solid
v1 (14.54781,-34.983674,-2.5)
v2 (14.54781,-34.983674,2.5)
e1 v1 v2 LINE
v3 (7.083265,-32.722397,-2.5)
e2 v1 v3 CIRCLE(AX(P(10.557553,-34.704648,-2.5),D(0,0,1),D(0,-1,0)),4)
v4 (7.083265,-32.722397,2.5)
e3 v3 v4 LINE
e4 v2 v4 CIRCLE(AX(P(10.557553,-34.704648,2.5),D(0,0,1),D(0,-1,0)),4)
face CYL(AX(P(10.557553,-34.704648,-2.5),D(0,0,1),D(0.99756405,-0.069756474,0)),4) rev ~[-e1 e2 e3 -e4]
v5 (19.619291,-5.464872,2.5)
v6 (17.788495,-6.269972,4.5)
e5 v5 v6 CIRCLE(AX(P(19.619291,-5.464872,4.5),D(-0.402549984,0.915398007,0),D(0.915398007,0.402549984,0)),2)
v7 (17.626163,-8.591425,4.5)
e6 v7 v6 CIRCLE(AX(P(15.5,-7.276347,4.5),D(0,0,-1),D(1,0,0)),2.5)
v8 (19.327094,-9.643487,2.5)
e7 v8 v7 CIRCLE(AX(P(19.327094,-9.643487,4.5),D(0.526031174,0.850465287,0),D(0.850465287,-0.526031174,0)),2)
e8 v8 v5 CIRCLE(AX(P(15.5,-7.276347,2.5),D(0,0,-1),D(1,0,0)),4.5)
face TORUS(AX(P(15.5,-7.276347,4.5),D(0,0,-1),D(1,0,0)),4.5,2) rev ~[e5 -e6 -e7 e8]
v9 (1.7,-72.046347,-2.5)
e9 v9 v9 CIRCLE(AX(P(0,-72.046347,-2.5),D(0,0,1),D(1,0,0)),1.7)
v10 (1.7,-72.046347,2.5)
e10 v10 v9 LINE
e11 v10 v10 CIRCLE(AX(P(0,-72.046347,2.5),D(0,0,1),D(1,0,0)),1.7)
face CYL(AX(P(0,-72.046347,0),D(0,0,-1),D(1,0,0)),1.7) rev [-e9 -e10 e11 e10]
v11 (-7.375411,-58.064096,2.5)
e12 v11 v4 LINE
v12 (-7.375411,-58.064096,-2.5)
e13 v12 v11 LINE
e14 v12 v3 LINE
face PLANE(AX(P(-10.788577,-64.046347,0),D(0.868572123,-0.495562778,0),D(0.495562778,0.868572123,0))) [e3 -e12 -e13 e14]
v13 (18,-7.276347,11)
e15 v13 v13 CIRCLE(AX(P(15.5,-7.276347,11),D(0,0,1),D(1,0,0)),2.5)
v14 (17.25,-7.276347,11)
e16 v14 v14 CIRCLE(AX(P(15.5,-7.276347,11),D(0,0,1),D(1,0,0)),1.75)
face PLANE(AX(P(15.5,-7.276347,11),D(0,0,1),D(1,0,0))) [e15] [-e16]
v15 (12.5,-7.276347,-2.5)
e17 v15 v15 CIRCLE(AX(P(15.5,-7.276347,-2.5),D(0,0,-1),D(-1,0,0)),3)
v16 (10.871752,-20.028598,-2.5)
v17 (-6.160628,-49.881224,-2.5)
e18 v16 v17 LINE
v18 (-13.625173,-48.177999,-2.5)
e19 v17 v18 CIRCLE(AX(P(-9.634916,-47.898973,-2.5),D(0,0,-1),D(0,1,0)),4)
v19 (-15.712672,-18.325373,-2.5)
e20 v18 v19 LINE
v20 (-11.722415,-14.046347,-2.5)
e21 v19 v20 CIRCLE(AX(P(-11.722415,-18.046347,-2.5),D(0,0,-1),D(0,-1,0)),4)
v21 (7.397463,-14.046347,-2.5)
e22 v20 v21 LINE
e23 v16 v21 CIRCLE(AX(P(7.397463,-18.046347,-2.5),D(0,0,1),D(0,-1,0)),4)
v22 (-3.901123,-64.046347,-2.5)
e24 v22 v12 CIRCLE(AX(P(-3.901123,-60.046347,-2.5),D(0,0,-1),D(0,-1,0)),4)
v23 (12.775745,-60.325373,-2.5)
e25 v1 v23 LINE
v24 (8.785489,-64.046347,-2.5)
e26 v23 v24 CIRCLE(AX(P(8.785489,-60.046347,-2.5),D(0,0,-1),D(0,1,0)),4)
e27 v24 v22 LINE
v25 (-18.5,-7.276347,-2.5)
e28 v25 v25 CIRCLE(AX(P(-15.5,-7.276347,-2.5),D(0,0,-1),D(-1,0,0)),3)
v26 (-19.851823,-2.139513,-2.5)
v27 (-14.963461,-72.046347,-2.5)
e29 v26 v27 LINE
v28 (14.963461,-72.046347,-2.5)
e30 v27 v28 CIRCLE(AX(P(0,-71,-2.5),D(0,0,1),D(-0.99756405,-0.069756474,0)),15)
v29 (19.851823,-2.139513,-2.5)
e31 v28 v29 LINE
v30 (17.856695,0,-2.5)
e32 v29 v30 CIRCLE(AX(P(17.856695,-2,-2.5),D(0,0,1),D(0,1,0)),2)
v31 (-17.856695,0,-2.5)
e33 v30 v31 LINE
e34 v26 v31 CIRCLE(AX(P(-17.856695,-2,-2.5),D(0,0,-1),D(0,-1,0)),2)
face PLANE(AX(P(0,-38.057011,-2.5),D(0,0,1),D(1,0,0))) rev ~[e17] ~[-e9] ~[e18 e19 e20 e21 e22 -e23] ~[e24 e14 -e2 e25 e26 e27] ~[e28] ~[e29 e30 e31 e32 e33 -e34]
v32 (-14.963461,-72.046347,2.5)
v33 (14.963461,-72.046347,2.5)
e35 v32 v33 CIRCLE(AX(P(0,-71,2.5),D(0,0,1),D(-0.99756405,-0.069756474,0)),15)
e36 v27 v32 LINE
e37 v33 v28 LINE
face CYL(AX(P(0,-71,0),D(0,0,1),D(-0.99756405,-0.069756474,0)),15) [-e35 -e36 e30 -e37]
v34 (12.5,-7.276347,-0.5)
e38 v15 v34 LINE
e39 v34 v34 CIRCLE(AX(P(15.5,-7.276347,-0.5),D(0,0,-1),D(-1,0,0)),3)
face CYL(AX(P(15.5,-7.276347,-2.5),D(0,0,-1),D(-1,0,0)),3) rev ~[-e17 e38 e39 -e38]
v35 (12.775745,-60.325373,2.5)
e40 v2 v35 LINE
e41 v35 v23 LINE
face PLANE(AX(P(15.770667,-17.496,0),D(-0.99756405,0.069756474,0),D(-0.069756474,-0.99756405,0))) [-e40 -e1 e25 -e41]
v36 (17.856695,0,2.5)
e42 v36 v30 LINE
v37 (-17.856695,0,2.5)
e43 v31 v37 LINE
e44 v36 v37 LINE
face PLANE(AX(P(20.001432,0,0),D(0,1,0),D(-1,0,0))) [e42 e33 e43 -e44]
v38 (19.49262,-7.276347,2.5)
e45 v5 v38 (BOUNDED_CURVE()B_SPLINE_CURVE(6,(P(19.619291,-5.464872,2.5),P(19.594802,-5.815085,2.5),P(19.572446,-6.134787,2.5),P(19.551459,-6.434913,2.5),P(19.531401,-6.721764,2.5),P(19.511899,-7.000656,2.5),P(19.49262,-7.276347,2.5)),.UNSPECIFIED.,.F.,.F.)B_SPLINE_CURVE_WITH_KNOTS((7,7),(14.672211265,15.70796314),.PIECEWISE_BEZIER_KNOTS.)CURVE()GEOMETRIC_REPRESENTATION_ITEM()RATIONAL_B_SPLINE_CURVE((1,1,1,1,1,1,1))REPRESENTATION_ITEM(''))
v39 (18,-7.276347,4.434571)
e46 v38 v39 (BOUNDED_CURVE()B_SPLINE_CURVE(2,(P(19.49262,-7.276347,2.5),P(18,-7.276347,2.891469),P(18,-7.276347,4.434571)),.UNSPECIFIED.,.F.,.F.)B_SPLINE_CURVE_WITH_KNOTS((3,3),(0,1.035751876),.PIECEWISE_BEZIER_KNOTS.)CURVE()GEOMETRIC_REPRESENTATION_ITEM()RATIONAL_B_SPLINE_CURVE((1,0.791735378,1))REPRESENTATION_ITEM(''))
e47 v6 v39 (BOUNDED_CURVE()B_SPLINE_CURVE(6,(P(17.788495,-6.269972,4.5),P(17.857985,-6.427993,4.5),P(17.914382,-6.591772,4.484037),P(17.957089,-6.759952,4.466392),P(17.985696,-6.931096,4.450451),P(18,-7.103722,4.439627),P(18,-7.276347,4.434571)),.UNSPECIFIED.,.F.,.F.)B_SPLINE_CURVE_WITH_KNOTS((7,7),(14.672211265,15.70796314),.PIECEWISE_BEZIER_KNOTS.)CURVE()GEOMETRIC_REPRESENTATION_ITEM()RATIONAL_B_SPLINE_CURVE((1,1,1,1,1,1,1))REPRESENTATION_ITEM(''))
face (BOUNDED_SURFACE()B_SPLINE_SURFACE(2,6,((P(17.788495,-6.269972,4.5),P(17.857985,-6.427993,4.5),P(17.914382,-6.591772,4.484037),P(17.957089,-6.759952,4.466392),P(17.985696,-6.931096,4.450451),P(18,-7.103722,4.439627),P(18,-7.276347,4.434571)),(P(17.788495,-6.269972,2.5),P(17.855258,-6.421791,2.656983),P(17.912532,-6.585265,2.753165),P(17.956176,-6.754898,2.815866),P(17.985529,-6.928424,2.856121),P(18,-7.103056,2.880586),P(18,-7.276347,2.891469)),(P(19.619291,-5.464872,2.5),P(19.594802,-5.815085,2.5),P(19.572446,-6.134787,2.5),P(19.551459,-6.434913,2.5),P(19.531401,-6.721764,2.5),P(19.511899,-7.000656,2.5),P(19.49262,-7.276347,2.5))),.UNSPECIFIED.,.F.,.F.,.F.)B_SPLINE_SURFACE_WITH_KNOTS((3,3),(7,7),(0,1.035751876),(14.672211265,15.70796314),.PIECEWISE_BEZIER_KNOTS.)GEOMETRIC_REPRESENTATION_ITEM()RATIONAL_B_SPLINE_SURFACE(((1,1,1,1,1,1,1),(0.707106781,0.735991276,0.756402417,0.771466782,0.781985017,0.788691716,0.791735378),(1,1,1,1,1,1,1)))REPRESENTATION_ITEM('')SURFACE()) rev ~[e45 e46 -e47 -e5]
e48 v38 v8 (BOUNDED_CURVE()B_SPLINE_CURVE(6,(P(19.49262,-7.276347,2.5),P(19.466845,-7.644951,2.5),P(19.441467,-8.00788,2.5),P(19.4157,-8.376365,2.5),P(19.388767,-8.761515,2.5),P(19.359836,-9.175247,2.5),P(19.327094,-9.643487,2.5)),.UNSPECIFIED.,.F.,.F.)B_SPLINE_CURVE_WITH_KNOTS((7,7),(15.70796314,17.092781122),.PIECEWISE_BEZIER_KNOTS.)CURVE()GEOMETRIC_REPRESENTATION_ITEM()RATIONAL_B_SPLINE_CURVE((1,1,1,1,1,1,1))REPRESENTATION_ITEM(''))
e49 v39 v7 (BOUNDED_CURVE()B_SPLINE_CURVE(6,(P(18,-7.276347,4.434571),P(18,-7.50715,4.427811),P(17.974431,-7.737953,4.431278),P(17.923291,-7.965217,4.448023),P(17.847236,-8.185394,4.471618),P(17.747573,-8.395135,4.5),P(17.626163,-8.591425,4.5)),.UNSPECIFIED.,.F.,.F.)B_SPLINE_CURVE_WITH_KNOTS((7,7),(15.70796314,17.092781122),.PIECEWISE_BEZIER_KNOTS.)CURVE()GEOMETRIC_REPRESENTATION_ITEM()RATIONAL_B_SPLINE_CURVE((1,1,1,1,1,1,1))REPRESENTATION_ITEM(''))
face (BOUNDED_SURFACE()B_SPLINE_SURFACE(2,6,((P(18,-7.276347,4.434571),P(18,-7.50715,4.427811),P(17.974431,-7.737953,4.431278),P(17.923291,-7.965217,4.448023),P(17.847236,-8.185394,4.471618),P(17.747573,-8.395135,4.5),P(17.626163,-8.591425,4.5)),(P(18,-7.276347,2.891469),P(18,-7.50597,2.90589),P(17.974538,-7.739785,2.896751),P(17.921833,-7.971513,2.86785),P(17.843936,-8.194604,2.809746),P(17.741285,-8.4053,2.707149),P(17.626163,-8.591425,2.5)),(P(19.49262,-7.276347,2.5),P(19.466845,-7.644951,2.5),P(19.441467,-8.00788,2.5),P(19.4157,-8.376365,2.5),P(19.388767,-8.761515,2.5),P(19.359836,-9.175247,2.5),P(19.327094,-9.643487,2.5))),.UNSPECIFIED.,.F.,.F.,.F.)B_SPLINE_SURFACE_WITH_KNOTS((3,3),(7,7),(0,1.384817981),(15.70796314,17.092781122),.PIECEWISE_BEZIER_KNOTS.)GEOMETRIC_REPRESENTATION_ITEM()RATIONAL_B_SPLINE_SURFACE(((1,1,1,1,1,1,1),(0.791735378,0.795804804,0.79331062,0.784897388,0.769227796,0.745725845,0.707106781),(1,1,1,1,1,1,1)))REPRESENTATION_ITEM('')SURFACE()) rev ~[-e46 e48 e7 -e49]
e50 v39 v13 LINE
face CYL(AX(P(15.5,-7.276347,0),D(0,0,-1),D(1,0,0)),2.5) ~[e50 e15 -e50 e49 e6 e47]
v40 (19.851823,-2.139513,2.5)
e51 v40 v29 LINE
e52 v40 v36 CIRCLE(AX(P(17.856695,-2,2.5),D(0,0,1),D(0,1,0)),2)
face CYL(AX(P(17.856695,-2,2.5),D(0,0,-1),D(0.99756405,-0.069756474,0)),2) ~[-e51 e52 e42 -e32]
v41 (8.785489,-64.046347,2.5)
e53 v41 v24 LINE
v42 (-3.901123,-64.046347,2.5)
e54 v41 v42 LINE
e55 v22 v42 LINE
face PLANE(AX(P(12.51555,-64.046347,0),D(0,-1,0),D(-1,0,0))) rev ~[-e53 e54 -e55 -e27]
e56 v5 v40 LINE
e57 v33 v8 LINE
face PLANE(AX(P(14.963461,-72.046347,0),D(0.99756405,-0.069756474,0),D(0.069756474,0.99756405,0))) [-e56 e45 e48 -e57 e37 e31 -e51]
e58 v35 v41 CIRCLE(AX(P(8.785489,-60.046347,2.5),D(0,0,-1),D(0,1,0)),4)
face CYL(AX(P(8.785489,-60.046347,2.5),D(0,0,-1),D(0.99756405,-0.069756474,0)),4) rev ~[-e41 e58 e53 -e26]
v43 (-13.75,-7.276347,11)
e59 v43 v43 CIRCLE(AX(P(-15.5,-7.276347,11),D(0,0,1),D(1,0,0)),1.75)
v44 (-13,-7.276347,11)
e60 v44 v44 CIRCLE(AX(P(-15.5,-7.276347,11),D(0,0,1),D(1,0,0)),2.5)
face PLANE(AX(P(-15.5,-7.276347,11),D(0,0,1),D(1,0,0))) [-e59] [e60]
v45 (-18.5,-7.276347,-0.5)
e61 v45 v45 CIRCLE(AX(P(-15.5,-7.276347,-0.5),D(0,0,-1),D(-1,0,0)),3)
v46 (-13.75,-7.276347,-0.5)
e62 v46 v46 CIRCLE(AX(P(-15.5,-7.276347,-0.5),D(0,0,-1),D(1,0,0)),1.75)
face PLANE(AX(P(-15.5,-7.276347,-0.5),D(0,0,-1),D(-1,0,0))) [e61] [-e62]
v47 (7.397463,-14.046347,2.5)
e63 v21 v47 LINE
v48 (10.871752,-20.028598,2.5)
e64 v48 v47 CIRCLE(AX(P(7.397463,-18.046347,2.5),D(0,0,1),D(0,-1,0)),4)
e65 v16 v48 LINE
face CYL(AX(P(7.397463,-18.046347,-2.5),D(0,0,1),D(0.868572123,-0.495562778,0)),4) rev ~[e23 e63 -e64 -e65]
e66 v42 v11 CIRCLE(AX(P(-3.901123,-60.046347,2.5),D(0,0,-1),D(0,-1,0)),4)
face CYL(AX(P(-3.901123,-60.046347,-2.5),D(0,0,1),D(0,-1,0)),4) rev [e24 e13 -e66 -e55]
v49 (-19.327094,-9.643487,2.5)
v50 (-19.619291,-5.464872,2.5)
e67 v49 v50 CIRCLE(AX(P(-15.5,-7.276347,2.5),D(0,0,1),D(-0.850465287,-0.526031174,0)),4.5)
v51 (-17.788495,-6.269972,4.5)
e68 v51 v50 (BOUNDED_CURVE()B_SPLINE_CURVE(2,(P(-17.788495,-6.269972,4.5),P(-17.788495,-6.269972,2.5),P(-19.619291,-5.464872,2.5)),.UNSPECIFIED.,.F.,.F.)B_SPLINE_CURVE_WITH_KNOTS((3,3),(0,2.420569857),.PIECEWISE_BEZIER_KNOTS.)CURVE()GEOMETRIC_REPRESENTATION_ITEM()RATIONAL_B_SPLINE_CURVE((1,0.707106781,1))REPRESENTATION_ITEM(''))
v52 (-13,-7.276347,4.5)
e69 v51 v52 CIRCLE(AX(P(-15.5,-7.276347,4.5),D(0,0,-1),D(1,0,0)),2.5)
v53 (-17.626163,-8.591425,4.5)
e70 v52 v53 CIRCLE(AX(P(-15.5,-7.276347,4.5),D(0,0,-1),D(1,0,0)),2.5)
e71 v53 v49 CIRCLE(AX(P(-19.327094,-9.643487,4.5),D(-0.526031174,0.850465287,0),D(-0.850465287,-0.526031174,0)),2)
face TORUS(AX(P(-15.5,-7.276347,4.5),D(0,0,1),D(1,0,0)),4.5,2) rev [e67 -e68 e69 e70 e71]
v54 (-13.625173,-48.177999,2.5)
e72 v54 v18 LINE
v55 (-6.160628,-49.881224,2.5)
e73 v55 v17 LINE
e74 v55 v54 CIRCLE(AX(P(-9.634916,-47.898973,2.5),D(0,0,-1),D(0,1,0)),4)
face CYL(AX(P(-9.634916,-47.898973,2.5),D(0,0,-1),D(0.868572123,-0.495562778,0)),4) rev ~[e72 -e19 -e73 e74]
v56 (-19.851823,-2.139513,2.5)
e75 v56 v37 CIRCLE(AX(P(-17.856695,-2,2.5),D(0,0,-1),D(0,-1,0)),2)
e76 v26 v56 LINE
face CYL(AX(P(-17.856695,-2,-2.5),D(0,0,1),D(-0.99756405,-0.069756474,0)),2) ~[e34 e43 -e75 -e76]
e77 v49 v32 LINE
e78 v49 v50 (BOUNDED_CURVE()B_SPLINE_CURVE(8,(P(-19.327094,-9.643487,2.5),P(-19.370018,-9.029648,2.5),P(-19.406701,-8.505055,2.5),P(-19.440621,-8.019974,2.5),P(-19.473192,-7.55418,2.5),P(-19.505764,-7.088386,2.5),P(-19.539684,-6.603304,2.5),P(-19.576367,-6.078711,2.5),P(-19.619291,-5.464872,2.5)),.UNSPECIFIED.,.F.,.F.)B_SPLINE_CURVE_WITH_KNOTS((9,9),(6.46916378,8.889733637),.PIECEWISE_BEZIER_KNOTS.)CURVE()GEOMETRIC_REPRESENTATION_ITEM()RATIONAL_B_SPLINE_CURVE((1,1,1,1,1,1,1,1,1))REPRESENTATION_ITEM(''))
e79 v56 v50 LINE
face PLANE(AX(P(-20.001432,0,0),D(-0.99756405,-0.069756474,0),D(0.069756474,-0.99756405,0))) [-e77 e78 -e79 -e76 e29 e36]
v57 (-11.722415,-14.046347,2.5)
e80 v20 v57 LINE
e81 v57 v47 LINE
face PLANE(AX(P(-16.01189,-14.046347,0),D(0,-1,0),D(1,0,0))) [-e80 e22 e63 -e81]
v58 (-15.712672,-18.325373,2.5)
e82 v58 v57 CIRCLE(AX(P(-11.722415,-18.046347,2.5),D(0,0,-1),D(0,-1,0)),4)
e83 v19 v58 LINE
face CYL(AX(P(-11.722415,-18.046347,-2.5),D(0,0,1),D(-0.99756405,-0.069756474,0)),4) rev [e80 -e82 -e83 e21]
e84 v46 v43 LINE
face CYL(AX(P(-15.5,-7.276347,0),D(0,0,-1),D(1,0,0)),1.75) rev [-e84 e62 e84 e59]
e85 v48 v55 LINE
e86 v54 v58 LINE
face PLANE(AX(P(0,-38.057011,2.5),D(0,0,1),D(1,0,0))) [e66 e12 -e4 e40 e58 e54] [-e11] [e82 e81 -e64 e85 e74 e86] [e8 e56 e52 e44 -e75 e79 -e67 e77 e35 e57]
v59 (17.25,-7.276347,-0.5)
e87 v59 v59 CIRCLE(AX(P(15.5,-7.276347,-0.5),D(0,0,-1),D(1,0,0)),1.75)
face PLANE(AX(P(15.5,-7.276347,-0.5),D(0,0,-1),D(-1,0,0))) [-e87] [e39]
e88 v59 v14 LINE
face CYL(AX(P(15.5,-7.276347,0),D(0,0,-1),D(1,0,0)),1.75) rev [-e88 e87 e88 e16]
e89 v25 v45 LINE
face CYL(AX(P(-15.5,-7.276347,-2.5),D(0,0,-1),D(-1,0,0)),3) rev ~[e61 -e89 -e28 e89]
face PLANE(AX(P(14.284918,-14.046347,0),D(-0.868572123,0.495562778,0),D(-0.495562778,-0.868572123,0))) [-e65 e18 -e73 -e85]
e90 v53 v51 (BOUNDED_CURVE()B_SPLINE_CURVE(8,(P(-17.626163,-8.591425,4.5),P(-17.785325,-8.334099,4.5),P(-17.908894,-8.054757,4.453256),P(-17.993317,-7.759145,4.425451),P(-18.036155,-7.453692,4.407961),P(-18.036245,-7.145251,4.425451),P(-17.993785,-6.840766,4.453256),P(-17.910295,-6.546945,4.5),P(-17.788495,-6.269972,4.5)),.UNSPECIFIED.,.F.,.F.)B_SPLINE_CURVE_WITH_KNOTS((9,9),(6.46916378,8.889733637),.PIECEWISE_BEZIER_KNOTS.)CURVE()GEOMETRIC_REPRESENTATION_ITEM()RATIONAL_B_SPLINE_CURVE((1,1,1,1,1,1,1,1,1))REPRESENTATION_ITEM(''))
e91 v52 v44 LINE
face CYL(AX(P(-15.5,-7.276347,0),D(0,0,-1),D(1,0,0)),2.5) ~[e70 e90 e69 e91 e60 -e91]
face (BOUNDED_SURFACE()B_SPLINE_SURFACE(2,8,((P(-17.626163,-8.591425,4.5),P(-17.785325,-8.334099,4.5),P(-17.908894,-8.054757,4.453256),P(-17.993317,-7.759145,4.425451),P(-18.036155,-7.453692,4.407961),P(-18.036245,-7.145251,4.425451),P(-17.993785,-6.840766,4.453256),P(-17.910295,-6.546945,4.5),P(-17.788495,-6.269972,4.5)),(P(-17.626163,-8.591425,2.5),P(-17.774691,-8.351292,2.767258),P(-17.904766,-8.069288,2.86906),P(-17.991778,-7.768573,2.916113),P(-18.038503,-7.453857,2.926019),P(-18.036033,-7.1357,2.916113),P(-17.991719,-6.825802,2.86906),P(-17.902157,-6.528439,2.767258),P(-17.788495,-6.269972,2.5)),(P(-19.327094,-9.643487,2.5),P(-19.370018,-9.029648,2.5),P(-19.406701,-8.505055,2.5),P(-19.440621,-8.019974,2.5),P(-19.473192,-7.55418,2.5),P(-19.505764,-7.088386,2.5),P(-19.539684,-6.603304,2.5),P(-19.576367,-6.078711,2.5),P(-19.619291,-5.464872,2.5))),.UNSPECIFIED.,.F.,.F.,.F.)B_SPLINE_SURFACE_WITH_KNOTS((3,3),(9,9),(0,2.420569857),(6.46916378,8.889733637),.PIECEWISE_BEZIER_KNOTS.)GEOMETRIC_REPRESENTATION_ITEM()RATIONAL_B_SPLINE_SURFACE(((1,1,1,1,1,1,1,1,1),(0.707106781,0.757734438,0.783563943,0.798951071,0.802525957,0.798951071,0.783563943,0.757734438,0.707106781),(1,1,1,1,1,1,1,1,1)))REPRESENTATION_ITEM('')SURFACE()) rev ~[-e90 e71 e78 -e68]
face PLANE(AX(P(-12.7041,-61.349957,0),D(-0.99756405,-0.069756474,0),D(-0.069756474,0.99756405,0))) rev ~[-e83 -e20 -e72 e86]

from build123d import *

# Parameters (mm, degrees)
CROQUIS1_R              = 1.7
CROQUIS1_R_2            = 1.75
SALIENTE_EXTRUIR1_DEPTH = 2.5
CROQUIS1_3_R            = 2.5
CROQUIS1_3_R_2          = 1.75
SALIENTE_EXTRUIR2_DEPTH = 11
REDONDEO1_R             = 2
REDONDEO2_R             = 2
CROQUIS2_R              = 3
CORTAR_EXTRUIR1_DEPTH   = 2
REDONDEO3_R             = 4


with BuildPart() as part:
    # Croquis1 → Saliente-Extruir1 (new, symmetric)
    with BuildSketch(Plane.XY):
        with BuildLine():
            Line((20.001432119, 0), (-20.001432119, 0))
            Line((-20.001432119, 0), (-14.963460754, -72.046347106))
            ThreePointArc((-14.963460754, -72.046347106), (0, -86), (14.963460754, -72.046347106))
            Line((14.963460754, -72.046347106), (20.001432119, 0))
        make_face()
        with Locations((0, -72.046347106)):
            Circle(CROQUIS1_R, mode=Mode.SUBTRACT)
        Polygon((-12.704099543, -61.349956664), (-16.011890152, -14.046347106), (14.28491785, -14.046347106), align=None, mode=Mode.SUBTRACT)
        Polygon((12.515549555, -64.046347106), (-10.788577252, -64.046347106), (15.770666891, -17.496000466), align=None, mode=Mode.SUBTRACT)
        with Locations((-15.5, -7.276347106)):
            Circle(CROQUIS1_R_2, mode=Mode.SUBTRACT)
        with Locations((15.5, -7.276347106)):
            Circle(CROQUIS1_R_2, mode=Mode.SUBTRACT)
    extrude(amount=SALIENTE_EXTRUIR1_DEPTH, both=True)

    # Croquis1<3> → Saliente-Extruir2 (add)
    # profile 1 of 2: a face of its own
    with BuildSketch(Plane.XY):
        with Locations((-15.5, -7.276347106)):
            Circle(CROQUIS1_3_R)
        with Locations((-15.5, -7.276347106)):
            Circle(CROQUIS1_3_R_2, mode=Mode.SUBTRACT)
    # profile 2 of 2: a face of its own
    with BuildSketch(Plane.XY):
        with Locations((15.5, -7.276347106)):
            Circle(CROQUIS1_3_R)
        with Locations((15.5, -7.276347106)):
            Circle(CROQUIS1_3_R_2, mode=Mode.SUBTRACT)
    extrude(amount=SALIENTE_EXTRUIR2_DEPTH)

    # Redondeo1
    redondeo1_edges = [part.edges().sort_by_distance(p)[0] for p in [
        (13, -7.276347106, 2.5),
        (-18, -7.276347106, 2.5),
    ]]
    fillet(redondeo1_edges, radius=REDONDEO1_R)

    # Redondeo2
    redondeo2_edges = [part.edges().sort_by_distance(p)[0] for p in [
        (20.001432119, 0, 0),
        (-20.001432119, 0, 0),
    ]]
    fillet(redondeo2_edges, radius=REDONDEO2_R)

    # Croquis2 → Cortar-Extruir1 (cut)
    with BuildSketch(Plane(origin=(0, 0, -2.5), x_dir=(-1, 0, 0), z_dir=(0, 0, -1))):
        with Locations((-15.5, -7.276347106)):
            Circle(CROQUIS2_R)
        with Locations((15.5, -7.276347106)):
            Circle(CROQUIS2_R)
    extrude(amount=-CORTAR_EXTRUIR1_DEPTH, mode=Mode.SUBTRACT)

    # Redondeo3
    redondeo3_edges = [part.edges().sort_by_distance(p)[0] for p in [
        (-16.011890152, -14.046347106, 0),
        (12.515549555, -64.046347106, 0),
        (-10.788577252, -64.046347106, 0),
        (-12.704099543, -61.349956664, 0),
        (14.28491785, -14.046347106, 0),
        (15.770666891, -17.496000466, 0),
    ]]
    fillet(redondeo3_edges, radius=REDONDEO3_R)


solid = part.part
